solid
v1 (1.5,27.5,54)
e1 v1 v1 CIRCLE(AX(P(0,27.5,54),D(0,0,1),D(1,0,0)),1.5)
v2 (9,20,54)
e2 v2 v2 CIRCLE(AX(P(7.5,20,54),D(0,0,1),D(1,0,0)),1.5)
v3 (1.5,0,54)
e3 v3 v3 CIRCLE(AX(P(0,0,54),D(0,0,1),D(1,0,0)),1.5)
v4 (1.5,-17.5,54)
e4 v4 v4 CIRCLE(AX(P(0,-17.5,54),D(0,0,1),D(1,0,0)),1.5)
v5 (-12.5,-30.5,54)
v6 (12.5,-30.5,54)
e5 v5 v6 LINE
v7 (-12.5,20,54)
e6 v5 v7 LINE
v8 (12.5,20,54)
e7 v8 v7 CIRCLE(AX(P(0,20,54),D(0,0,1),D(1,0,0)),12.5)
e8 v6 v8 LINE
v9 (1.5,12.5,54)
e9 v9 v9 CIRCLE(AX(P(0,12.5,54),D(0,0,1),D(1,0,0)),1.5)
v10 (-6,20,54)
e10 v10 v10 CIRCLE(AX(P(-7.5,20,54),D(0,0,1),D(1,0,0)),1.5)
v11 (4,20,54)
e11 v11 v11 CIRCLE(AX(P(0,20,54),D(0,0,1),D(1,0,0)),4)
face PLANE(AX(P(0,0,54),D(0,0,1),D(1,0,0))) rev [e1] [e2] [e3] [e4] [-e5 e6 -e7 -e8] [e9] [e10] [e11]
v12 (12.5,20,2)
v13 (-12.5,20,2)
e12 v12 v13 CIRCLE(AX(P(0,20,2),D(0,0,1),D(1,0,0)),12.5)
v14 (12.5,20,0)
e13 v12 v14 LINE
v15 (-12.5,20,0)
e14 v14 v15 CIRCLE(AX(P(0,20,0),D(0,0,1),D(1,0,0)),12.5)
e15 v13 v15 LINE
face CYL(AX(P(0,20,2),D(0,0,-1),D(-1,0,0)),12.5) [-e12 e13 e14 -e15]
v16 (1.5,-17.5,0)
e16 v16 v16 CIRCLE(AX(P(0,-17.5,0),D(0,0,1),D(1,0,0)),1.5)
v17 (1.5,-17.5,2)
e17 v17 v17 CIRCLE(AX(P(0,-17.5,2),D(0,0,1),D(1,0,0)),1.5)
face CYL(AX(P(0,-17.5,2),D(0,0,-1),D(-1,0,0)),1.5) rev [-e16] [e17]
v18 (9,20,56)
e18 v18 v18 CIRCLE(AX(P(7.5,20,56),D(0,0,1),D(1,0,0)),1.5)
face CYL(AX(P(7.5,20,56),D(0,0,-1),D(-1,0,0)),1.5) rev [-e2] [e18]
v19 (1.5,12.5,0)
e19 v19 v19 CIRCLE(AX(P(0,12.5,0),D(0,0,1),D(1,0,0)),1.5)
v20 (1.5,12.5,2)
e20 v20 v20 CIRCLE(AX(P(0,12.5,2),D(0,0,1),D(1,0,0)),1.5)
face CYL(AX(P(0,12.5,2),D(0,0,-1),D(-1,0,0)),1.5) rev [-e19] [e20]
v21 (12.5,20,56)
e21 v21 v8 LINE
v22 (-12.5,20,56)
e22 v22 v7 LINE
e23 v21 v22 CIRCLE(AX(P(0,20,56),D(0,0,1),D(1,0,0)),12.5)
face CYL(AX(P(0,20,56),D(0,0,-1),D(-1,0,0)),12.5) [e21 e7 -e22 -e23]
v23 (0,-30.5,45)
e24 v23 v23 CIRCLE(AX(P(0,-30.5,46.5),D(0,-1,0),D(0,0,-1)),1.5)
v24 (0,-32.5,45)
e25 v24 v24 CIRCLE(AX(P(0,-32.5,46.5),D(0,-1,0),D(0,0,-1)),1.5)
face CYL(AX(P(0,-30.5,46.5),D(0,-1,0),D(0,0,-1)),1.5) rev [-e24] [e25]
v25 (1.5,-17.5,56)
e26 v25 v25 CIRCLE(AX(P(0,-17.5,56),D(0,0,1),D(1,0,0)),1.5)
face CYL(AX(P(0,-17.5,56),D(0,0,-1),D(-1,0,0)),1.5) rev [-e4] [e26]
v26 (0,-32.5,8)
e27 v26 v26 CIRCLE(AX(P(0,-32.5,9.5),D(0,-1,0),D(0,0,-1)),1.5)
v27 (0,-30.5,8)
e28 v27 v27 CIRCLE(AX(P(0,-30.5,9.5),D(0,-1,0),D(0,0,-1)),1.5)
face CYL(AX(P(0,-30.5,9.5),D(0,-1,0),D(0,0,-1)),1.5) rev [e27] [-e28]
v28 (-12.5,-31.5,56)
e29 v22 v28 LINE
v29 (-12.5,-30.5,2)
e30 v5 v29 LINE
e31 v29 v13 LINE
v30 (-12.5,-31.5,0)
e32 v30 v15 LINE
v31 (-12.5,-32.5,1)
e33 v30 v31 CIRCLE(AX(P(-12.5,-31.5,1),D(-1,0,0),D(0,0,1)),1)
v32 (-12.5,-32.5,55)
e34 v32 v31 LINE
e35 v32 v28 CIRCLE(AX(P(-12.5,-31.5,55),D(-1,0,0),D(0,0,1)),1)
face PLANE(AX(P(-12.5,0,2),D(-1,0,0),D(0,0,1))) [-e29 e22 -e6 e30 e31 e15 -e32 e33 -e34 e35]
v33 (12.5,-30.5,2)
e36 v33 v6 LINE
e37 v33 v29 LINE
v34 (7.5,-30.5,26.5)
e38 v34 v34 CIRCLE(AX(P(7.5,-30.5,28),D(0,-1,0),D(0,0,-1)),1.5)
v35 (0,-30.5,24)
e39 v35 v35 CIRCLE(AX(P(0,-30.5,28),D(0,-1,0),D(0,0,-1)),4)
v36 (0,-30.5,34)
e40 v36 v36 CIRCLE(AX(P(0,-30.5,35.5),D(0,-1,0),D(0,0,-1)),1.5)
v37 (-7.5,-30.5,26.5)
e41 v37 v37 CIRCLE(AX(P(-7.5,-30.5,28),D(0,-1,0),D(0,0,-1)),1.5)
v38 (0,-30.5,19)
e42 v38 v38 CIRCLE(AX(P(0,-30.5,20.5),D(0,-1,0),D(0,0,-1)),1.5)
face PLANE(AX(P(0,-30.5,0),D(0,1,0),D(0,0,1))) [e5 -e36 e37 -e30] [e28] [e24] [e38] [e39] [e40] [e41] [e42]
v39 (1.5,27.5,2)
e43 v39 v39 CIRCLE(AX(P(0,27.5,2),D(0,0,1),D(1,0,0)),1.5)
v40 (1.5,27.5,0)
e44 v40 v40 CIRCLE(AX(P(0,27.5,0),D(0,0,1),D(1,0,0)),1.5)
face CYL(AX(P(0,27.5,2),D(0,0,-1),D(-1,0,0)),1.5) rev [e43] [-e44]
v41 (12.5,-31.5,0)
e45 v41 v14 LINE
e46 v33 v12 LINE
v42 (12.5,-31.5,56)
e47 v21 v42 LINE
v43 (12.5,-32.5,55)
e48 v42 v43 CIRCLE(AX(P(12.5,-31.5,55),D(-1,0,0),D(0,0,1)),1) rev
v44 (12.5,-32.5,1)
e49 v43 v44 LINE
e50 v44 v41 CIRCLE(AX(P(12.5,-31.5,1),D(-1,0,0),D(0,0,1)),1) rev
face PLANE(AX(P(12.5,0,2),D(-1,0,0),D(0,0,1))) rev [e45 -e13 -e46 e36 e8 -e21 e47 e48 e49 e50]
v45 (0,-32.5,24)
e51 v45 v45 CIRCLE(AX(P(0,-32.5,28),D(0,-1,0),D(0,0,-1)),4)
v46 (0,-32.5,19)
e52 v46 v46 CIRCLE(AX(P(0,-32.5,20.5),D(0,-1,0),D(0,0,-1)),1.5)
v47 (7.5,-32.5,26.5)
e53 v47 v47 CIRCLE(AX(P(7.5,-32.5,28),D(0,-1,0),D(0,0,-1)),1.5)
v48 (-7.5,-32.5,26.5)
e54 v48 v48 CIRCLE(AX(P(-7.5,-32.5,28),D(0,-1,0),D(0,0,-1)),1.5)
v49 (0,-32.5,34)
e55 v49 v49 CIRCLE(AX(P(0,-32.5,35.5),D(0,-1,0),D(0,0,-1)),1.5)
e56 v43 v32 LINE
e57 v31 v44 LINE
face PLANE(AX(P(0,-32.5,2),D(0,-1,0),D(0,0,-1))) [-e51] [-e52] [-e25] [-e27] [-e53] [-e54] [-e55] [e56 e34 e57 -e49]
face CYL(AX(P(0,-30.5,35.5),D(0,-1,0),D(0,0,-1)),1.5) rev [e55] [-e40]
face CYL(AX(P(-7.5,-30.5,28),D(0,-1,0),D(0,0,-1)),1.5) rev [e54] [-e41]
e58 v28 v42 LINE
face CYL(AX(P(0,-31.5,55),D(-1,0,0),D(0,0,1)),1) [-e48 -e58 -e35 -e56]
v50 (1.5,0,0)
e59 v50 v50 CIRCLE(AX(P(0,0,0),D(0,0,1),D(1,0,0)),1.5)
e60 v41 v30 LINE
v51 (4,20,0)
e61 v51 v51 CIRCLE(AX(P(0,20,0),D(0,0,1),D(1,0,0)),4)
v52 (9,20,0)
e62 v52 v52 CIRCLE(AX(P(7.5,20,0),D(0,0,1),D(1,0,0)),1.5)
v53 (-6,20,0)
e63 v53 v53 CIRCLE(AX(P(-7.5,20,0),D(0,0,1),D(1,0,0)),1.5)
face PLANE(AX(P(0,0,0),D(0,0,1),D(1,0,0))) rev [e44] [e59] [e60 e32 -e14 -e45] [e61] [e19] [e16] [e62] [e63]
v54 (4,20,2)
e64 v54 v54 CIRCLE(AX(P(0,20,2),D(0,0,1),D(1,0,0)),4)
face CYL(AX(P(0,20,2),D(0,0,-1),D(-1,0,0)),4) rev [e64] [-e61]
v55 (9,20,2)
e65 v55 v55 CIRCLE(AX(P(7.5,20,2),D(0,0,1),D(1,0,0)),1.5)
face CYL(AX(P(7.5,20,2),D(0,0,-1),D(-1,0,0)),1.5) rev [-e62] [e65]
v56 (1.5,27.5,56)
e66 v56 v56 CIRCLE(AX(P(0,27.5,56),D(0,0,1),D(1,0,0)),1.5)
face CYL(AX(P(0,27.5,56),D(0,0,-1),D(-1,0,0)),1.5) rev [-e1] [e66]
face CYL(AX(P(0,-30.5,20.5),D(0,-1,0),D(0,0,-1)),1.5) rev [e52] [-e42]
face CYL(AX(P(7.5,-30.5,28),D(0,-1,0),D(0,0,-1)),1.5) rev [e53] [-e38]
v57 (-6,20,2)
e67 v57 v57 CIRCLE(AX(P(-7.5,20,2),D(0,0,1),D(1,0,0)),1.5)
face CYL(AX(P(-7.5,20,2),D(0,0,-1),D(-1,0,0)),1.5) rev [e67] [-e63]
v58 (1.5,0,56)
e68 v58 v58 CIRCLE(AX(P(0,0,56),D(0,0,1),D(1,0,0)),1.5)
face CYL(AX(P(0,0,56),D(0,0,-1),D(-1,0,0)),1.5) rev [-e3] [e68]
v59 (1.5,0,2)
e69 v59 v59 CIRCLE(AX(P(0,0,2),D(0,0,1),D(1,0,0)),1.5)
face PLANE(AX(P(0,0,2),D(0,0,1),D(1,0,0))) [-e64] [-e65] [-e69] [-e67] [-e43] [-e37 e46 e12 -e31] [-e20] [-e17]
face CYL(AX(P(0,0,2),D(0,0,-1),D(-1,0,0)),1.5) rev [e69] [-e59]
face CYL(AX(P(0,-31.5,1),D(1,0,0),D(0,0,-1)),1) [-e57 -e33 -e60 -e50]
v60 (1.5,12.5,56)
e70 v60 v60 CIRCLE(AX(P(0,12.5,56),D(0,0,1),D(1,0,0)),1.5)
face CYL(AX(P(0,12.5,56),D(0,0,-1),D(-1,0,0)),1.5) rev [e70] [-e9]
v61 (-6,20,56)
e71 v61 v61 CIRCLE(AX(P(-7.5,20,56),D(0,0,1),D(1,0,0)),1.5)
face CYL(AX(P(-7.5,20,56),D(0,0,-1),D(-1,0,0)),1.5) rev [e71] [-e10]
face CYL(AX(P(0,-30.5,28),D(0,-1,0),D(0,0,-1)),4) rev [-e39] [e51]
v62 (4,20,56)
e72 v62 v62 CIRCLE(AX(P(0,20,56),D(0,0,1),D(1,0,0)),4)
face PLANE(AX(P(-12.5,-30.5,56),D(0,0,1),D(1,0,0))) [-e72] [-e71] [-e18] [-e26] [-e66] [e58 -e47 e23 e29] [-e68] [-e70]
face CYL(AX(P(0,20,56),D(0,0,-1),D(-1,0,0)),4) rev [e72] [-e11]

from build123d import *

# Parameters (mm, degrees)
SKETCH1_R           = 1.5
SKETCH1_R_2         = 4
BOSS_EXTRUDE1_DEPTH = 2
SKETCH5_R           = 1.5
SKETCH5_R_2         = 4
BOSS_EXTRUDE4_DEPTH = 2
SKETCH6_W           = 25
SKETCH6_H           = 56
BOSS_EXTRUDE5_DEPTH = 2
FILLET2_R           = 1
SKETCH7_R           = 4
SKETCH7_R_2         = 1.5
CUT_EXTRUDE1_DEPTH  = 2


with BuildPart() as part:
    # Sketch1 → Boss-Extrude1 (new body)
    with BuildSketch(Plane.XY):
        with BuildLine():
            Line((-12.5, -32.5), (12.5, -32.5))
            Line((12.5, -32.5), (12.5, 7.5))
            Line((12.5, 7.5), (12.5, 20))
            ThreePointArc((12.5, 20), (8.838834758, 28.838834772), (-2e-08, 32.5))
            ThreePointArc((-2e-08, 32.5), (-8.838834772, 28.838834758), (-12.5, 20))
            Line((-12.5, 20), (-12.5, 7.5))
            Line((-12.5, 7.5), (-12.5, -32.5))
        make_face()
        with Locations((0, -17.5)):
            Circle(SKETCH1_R, mode=Mode.SUBTRACT)
        Circle(SKETCH1_R, mode=Mode.SUBTRACT)
        with Locations((0, 12.5)):
            Circle(SKETCH1_R, mode=Mode.SUBTRACT)
        with Locations((-7.5, 20)):
            Circle(SKETCH1_R, mode=Mode.SUBTRACT)
        with Locations((0, 20)):
            Circle(SKETCH1_R_2, mode=Mode.SUBTRACT)
        with Locations((0, 27.5)):
            Circle(SKETCH1_R, mode=Mode.SUBTRACT)
        with Locations((7.5, 20)):
            Circle(SKETCH1_R, mode=Mode.SUBTRACT)
    extrude(amount=BOSS_EXTRUDE1_DEPTH)



with BuildPart() as body_2:
    # Sketch5 → Boss-Extrude4 (new body)
    with BuildSketch(Plane.XY.offset(54)):
        with BuildLine():
            Line((-12.5, -32.5), (12.5, -32.5))
            Line((12.5, -32.5), (12.5, 7.5))
            Line((12.5, 7.5), (12.5, 20))
            ThreePointArc((12.5, 20), (8.838834758, 28.838834772), (-2e-08, 32.5))
            ThreePointArc((-2e-08, 32.5), (-8.838834772, 28.838834758), (-12.5, 20))
            Line((-12.5, 20), (-12.5, 7.5))
            Line((-12.5, 7.5), (-12.5, -32.5))
        make_face()
        with Locations((0, -17.5)):
            Circle(SKETCH5_R, mode=Mode.SUBTRACT)
        Circle(SKETCH5_R, mode=Mode.SUBTRACT)
        with Locations((0, 12.5)):
            Circle(SKETCH5_R, mode=Mode.SUBTRACT)
        with Locations((-7.5, 20)):
            Circle(SKETCH5_R, mode=Mode.SUBTRACT)
        with Locations((0, 20)):
            Circle(SKETCH5_R_2, mode=Mode.SUBTRACT)
        with Locations((0, 27.5)):
            Circle(SKETCH5_R, mode=Mode.SUBTRACT)
        with Locations((7.5, 20)):
            Circle(SKETCH5_R, mode=Mode.SUBTRACT)
    extrude(amount=BOSS_EXTRUDE4_DEPTH)


with BuildPart() as part_1:
    add(part.part)

    add(body_2.part)  # Boss-Extrude5 merges body 2
    # Sketch6 → Boss-Extrude5 (add)
    with BuildSketch(Plane.XZ.offset(32.5)):
        with Locations((0, 28)):
            Rectangle(SKETCH6_W, SKETCH6_H)
    extrude(amount=-BOSS_EXTRUDE5_DEPTH)

    # Fillet2
    fillet2_edges = [part_1.edges().sort_by_distance(p)[0] for p in [
        (0, -32.5, 0),
        (0, -32.5, 56),
    ]]
    fillet(fillet2_edges, radius=FILLET2_R)

    # Sketch7 → Cut-Extrude1 (cut)
    with BuildSketch(Plane(origin=(0, -32.5, 0), x_dir=(-1, 0, 0), z_dir=(0, -1, 0))):
        with Locations(Location((0, -28, 0), (0, 0, 90))):
            Circle(SKETCH7_R)
        with Locations(Location((7.5, -28, 0), (0, 0, 90))):
            Circle(SKETCH7_R_2)
        with Locations(Location((0, -35.5, 0), (0, 0, 90))):
            Circle(SKETCH7_R_2)
        with Locations(Location((-7.5, -28, 0), (0, 0, 90))):
            Circle(SKETCH7_R_2)
        with Locations(Location((0, -20.5, 0), (0, 0, 90))):
            Circle(SKETCH7_R_2)
        with Locations(Location((0, -46.5, 0), (0, 0, 90))):
            Circle(SKETCH7_R_2)
        with Locations(Location((0, -9.5, 0), (0, 0, 90))):
            Circle(SKETCH7_R_2)
    extrude(amount=-CUT_EXTRUDE1_DEPTH, mode=Mode.SUBTRACT)


solid = part_1.part
